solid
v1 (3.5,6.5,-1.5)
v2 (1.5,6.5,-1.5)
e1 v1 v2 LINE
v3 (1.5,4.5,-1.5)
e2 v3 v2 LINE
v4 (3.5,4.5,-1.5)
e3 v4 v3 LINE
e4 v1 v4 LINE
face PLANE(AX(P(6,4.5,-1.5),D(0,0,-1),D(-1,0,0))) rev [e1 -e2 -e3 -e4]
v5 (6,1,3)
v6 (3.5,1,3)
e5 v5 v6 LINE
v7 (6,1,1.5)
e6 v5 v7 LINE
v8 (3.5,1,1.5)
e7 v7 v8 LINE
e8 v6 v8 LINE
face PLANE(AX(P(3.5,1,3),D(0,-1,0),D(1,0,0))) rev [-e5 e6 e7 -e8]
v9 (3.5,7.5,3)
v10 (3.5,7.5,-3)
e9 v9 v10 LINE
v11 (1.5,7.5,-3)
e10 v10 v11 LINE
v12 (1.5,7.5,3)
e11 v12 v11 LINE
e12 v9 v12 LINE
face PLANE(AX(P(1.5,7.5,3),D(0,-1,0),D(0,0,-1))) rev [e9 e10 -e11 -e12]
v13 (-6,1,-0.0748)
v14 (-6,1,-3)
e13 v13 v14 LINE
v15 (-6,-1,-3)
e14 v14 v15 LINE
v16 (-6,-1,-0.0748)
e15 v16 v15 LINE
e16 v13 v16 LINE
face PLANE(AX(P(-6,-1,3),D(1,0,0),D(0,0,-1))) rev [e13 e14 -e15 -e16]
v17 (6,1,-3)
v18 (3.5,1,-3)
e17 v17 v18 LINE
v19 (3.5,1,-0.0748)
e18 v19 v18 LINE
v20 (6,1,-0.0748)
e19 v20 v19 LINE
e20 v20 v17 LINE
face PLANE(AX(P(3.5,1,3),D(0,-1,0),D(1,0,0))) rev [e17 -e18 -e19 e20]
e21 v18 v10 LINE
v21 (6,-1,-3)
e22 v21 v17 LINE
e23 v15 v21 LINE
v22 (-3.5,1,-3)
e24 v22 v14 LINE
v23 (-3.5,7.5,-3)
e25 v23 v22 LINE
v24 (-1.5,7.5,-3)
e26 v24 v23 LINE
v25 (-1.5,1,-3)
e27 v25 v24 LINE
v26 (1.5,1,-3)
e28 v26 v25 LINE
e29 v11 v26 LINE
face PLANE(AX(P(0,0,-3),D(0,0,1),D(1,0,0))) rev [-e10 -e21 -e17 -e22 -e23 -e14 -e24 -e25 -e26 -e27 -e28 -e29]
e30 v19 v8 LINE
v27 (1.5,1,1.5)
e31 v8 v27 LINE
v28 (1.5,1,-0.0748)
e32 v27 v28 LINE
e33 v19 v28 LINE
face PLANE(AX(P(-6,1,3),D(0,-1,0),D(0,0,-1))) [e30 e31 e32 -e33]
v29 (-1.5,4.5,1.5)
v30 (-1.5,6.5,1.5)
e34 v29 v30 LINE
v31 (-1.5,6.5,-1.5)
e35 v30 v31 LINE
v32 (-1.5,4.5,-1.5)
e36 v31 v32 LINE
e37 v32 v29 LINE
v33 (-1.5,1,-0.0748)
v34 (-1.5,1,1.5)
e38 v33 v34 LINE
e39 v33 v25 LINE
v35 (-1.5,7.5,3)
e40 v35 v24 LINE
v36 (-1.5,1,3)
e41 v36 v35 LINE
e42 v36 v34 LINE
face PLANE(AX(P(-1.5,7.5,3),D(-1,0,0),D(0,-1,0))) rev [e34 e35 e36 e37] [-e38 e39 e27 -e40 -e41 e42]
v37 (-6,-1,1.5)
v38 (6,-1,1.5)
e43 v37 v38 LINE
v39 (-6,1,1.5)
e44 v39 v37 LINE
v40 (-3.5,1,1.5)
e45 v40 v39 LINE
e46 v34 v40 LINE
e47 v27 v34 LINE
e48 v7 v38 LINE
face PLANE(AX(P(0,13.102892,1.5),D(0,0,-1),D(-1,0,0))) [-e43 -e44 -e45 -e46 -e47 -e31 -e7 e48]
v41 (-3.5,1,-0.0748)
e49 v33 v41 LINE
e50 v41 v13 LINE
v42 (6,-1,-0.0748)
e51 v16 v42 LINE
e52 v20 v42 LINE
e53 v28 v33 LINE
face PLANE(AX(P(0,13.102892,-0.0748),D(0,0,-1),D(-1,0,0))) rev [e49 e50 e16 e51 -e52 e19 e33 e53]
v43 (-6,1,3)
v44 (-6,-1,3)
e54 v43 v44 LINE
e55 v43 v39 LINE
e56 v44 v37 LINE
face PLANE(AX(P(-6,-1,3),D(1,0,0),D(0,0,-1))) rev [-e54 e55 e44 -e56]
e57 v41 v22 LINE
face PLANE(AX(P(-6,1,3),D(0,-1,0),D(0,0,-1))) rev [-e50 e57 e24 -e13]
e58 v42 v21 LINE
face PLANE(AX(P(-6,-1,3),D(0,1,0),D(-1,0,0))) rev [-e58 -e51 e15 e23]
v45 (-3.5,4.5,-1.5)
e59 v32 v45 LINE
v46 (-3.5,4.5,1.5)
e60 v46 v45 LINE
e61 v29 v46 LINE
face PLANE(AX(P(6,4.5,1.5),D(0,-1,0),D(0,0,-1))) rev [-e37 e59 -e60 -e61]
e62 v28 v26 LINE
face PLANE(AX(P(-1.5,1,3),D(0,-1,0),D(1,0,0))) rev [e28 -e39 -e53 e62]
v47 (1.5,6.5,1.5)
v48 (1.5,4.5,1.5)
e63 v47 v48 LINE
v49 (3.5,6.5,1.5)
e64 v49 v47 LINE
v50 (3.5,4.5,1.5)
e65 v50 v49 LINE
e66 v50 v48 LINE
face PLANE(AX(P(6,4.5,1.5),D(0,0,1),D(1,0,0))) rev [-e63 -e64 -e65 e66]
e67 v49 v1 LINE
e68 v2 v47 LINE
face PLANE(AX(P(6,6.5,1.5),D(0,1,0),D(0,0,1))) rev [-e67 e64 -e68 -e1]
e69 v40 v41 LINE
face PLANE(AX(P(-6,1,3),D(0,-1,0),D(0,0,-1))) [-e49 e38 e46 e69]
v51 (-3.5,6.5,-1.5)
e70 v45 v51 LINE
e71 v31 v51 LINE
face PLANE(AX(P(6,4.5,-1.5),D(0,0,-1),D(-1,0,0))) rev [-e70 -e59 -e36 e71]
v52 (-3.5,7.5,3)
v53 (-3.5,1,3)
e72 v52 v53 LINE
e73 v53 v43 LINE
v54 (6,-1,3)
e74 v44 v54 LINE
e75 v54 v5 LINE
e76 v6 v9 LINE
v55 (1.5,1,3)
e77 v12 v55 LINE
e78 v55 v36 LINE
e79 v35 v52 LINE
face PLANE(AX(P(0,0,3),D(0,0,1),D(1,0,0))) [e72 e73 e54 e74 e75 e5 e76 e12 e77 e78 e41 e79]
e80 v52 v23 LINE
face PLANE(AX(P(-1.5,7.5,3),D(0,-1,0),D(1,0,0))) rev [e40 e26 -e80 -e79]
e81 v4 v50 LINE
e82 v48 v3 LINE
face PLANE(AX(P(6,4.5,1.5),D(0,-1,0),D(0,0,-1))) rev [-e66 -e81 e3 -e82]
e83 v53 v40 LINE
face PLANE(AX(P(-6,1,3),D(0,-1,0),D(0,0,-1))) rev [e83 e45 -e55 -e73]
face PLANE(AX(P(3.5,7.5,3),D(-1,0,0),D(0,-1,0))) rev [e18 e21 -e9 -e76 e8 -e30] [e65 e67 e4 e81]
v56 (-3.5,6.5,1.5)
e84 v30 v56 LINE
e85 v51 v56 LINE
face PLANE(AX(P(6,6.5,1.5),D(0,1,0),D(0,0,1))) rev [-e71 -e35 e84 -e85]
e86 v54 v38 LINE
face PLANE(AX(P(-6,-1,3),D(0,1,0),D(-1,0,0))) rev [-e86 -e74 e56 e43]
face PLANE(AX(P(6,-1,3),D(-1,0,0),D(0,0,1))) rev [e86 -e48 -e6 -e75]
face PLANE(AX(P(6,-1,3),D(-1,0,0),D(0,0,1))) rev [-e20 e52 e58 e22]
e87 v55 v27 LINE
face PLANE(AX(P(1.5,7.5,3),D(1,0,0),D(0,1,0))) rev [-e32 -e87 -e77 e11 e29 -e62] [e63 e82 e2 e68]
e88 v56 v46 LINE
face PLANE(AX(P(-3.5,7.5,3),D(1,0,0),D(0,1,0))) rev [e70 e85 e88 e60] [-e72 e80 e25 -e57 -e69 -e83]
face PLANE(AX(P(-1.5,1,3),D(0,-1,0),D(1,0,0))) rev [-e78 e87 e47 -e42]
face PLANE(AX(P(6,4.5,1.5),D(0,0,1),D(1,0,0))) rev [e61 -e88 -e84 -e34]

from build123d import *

# Parameters (mm, degrees)
BOSS_EXTRUDE1_DEPTH     = 3
SKETCH4_W               = 12
SKETCH4_H               = 1.5748
CUT_EXTRUDE3_DEPTH      = 2
CUT_EXTRUDE4_DEPTH      = 13.469963913
CUT_EXTRUDE4_DEPTH_BACK = 13.469963913
SKETCH5_W               = 3
SKETCH5_H               = 2


with BuildPart() as part:
    # Sketch1 → Boss-Extrude1 (new, symmetric)
    with BuildSketch(Plane.XY):
        Polygon((-6, -1), (6, -1), (6, 1), (3.5, 1), (3.5, 7.5), (1.5, 7.5), (1.5, 1), (-1.5, 1), (-1.5, 7.5), (-3.5, 7.5), (-3.5, 1), (-6, 1), align=None)
    extrude(amount=BOSS_EXTRUDE1_DEPTH, both=True)

    # Sketch4 → Cut-Extrude3 (cut)
    with BuildSketch(Plane.XZ.offset(1)):
        with Locations((0, 0.7126)):
            Rectangle(SKETCH4_W, SKETCH4_H)
    extrude(amount=-CUT_EXTRUDE3_DEPTH, mode=Mode.SUBTRACT)

    # Sketch5 → Cut-Extrude4 (cut, two sides: drawn at the far end of the back side and taken through both)
    with BuildSketch(Plane.ZY.offset(3.5).offset(-CUT_EXTRUDE4_DEPTH_BACK)):
        with Locations((0, 5.5)):
            Rectangle(SKETCH5_W, SKETCH5_H)
    extrude(amount=CUT_EXTRUDE4_DEPTH + CUT_EXTRUDE4_DEPTH_BACK, mode=Mode.SUBTRACT)


solid = part.part
